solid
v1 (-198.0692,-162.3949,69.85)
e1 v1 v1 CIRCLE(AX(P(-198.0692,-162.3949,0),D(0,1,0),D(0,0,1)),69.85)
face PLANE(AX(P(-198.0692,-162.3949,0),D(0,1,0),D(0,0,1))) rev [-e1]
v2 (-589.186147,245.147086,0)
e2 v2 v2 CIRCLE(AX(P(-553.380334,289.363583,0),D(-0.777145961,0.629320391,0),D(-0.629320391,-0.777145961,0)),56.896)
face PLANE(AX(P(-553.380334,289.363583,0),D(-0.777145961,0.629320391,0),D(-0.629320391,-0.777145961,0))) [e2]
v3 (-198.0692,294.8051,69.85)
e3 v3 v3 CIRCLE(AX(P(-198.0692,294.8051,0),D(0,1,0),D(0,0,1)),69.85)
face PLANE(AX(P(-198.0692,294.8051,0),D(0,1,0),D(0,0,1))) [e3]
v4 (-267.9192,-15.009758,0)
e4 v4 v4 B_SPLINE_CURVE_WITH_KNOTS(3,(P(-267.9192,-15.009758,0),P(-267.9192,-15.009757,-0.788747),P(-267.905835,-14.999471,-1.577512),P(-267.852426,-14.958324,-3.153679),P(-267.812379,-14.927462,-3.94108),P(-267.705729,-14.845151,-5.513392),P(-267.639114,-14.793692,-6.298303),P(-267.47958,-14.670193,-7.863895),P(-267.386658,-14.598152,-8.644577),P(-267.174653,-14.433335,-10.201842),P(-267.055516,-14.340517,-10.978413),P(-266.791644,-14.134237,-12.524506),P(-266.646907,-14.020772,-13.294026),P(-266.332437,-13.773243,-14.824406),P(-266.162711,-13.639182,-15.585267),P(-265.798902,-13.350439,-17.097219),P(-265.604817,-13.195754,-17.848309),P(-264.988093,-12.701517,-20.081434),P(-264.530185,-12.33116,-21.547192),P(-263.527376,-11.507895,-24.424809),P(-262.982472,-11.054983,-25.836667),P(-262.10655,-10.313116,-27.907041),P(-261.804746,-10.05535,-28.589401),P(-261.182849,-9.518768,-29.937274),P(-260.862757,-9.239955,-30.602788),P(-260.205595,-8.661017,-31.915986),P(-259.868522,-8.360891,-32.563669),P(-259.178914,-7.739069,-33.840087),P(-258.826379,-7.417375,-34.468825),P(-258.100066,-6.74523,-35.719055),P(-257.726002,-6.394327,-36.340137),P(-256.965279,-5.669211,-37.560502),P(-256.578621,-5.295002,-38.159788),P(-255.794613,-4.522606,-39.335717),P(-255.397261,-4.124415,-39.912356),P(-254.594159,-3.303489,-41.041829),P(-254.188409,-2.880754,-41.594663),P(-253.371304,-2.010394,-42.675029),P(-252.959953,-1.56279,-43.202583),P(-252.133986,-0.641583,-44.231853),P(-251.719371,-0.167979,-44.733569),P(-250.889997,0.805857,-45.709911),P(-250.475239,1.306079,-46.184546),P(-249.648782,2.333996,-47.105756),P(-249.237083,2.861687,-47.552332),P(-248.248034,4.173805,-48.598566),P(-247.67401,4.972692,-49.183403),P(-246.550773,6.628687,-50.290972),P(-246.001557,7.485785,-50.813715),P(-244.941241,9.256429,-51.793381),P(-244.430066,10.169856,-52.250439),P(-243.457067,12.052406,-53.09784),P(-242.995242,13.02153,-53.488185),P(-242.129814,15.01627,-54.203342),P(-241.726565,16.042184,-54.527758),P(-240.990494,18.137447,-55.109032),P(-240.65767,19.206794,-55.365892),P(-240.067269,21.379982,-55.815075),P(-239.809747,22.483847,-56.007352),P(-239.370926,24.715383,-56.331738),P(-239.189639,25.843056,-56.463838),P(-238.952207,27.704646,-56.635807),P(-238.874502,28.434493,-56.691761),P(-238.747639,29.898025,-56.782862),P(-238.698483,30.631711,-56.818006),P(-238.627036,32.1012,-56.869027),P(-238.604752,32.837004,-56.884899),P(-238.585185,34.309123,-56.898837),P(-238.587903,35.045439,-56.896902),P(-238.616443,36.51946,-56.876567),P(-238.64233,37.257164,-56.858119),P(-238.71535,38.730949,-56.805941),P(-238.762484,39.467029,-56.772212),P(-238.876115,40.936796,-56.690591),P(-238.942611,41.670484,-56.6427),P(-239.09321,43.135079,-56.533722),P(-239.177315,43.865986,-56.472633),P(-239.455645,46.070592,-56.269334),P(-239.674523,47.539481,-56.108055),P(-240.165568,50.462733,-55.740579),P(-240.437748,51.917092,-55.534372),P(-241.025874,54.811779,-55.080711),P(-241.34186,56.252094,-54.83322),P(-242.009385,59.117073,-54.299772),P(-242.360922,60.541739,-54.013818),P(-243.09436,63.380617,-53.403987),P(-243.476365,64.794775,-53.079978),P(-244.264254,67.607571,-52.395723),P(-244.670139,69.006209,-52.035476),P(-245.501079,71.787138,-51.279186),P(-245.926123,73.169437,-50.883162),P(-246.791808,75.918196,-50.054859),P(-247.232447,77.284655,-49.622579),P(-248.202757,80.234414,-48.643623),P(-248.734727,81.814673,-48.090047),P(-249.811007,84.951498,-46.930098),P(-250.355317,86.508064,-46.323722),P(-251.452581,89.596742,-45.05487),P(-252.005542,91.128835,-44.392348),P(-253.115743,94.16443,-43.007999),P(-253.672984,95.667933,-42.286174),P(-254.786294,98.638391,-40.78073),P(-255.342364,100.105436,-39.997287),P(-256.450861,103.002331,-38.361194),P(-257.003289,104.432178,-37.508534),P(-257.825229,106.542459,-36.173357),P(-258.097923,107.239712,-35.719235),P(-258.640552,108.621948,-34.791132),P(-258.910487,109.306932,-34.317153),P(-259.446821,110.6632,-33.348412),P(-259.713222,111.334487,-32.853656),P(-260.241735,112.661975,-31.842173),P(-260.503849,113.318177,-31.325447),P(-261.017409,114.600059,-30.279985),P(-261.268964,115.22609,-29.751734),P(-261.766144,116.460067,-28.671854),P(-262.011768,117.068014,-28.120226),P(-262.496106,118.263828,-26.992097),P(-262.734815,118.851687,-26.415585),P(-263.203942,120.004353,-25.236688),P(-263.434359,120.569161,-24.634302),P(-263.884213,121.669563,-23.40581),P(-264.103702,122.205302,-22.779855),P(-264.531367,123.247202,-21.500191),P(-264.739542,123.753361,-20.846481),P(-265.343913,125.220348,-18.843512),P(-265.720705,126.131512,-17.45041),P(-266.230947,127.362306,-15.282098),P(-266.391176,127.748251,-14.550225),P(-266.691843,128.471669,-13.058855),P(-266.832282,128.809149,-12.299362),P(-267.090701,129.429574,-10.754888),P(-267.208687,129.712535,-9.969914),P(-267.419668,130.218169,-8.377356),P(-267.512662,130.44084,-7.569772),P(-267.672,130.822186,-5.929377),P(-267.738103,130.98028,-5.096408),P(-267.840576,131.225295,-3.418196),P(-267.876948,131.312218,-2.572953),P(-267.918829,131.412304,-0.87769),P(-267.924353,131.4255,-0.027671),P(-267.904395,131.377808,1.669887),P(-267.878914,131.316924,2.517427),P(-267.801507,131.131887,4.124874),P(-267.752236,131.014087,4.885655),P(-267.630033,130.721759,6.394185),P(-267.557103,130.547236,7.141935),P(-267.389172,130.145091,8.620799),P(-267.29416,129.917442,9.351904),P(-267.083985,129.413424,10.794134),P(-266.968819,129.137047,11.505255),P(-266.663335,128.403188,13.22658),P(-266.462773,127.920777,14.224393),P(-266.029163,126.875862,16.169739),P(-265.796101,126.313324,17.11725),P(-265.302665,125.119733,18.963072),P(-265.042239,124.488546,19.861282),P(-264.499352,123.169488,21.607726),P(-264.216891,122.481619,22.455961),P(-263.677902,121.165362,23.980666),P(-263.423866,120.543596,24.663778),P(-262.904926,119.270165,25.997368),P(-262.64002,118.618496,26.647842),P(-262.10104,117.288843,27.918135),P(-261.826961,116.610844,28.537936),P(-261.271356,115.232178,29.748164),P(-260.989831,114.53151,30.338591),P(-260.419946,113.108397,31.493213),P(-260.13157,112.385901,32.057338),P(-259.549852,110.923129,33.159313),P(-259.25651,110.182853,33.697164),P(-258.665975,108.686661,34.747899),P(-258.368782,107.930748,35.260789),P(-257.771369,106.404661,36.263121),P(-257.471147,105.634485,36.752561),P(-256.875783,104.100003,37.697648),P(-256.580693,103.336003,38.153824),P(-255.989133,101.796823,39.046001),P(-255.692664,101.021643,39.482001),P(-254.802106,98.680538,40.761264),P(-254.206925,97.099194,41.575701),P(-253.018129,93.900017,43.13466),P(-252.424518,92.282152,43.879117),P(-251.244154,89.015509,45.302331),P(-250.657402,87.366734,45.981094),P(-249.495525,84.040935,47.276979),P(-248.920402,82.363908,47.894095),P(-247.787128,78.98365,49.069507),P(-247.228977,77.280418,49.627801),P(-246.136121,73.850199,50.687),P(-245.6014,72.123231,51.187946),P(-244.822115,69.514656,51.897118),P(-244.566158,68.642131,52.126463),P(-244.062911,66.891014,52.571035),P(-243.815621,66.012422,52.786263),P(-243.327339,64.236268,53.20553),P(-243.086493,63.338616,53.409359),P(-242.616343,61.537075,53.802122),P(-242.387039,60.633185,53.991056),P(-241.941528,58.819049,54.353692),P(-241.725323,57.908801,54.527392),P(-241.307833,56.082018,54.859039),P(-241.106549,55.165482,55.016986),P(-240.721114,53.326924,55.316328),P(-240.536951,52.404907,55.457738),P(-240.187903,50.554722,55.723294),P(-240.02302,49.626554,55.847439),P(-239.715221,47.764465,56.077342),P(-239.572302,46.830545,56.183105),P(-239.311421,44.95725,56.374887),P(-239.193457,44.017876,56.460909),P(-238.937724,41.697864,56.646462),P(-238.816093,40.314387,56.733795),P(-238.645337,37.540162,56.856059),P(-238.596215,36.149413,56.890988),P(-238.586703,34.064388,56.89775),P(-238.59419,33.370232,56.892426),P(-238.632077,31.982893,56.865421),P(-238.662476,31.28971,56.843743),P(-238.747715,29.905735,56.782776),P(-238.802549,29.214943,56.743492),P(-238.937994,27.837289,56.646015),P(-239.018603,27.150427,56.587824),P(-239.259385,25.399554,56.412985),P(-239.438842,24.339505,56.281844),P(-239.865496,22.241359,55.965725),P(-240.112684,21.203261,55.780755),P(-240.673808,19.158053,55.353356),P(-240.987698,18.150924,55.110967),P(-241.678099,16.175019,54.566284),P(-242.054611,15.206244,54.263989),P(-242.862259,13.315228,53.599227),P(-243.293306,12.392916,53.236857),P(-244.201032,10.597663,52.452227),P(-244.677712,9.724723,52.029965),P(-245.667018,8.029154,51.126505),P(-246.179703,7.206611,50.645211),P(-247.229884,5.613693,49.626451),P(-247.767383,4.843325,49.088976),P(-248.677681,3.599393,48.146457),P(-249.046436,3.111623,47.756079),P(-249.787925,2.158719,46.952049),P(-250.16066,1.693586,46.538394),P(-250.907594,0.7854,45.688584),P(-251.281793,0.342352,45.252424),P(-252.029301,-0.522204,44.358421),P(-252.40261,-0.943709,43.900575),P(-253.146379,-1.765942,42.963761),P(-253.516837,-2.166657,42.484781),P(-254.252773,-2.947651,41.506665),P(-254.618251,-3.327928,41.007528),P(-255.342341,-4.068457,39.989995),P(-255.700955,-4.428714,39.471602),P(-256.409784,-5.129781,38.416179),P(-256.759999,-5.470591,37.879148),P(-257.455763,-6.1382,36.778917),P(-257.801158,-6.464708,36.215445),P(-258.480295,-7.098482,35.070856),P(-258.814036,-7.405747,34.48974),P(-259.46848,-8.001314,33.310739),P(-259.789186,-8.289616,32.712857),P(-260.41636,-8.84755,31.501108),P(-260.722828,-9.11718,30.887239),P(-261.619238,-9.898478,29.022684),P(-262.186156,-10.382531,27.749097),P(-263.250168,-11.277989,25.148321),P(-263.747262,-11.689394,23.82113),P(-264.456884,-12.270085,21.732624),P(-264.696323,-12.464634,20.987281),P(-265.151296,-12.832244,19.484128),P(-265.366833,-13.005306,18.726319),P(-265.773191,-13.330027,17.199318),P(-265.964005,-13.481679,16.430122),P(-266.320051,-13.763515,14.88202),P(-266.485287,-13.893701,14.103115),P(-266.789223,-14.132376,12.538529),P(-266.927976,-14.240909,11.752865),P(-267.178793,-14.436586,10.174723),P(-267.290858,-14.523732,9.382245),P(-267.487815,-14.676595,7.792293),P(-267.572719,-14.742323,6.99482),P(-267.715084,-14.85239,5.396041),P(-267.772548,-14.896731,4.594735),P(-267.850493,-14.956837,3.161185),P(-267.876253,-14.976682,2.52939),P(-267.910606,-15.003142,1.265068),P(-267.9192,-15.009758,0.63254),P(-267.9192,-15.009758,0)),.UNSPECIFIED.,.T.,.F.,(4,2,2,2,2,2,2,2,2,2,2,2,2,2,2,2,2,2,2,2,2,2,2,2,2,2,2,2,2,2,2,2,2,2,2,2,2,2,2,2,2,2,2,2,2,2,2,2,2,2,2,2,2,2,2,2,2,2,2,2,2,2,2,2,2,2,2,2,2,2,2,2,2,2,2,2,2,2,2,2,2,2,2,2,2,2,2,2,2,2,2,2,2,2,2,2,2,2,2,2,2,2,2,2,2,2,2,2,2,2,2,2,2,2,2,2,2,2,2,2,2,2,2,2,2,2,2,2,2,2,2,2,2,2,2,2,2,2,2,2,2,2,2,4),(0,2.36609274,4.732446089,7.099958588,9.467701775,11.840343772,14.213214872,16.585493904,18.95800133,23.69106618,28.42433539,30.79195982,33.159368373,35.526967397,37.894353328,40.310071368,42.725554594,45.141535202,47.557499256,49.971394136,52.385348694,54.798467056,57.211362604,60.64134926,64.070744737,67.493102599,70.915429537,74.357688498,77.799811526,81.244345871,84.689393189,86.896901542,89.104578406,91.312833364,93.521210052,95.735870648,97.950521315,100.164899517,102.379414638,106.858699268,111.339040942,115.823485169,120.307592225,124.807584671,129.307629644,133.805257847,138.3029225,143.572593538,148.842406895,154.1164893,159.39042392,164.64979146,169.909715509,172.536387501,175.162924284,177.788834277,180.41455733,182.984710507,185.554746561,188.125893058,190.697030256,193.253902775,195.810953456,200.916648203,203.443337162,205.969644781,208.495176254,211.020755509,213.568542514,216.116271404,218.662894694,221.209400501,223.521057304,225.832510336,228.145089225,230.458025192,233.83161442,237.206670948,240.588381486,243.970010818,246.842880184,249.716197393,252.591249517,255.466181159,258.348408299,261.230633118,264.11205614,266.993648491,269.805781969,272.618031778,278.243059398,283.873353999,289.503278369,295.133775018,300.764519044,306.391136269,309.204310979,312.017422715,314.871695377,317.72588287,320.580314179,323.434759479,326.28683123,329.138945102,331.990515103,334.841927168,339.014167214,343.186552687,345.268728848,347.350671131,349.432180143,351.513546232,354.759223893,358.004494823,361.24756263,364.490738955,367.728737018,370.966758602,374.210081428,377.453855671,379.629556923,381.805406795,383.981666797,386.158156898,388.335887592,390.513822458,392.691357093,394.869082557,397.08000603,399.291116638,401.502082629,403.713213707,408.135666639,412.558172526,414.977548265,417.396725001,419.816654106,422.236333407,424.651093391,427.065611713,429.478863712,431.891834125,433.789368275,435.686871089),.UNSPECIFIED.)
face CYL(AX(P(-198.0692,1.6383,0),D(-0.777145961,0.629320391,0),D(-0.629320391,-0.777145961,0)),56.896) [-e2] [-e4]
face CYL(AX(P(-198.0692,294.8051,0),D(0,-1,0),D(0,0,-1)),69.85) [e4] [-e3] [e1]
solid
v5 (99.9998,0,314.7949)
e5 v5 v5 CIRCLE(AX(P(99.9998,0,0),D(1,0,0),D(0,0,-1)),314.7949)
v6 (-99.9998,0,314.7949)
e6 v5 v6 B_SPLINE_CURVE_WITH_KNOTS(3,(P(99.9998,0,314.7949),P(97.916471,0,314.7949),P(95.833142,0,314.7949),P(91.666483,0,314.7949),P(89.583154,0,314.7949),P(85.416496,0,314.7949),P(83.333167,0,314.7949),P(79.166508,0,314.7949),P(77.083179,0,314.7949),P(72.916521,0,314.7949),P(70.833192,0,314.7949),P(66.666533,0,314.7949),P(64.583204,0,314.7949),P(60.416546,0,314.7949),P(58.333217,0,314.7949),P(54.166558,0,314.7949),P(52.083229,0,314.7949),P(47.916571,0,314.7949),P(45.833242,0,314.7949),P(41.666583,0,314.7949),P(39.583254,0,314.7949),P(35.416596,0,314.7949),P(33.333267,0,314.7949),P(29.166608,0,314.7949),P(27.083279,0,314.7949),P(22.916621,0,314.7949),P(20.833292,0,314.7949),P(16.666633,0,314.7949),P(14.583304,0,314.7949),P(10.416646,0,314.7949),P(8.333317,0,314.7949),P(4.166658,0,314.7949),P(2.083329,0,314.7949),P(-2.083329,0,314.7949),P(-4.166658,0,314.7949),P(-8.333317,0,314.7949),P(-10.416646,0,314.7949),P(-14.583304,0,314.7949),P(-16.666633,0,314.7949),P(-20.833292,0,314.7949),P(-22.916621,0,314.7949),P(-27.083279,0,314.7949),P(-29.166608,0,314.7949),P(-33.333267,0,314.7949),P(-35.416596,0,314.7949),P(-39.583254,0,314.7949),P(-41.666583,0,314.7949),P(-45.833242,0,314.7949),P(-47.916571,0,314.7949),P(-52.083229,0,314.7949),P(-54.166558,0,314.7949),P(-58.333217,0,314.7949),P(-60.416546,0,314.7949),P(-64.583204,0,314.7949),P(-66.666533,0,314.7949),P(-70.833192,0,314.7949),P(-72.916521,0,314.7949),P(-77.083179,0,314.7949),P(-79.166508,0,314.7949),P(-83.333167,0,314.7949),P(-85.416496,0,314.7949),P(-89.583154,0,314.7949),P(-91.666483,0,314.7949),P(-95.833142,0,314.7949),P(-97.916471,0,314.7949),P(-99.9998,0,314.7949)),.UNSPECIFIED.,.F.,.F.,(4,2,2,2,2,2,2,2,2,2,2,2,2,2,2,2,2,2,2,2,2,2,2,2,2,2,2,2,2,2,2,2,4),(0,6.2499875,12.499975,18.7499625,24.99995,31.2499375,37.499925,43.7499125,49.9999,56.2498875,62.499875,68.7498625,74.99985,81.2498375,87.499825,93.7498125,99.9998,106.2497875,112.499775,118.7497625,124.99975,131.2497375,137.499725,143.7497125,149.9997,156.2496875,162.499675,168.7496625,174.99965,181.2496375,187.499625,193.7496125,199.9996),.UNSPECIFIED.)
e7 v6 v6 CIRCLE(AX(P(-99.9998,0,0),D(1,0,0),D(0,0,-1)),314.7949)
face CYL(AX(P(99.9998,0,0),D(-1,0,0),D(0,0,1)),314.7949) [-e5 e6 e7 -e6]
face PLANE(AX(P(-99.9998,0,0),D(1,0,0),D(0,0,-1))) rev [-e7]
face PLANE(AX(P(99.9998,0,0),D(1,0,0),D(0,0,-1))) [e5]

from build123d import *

# Parameters (mm, degrees)
SKETCH1_R           = 314.7949
BOSS_EXTRUDE1_DEPTH = 99.9998
BOSS_EXTRUDE2_START = 152.4
SKETCH2_R           = 69.85
BOSS_EXTRUDE2_DEPTH = 457.2
SKETCH4_R           = 56.896


with BuildPart() as part:
    # Sketch1 → Boss-Extrude1 (new, symmetric)
    with BuildSketch(Plane(origin=(0, 0, 0), x_dir=(0, 0, -1), z_dir=(1, 0, 0))):
        with Locations(Location((0, 0, 0), (0, 0, 180))):
            Circle(SKETCH1_R)
    extrude(amount=BOSS_EXTRUDE1_DEPTH, both=True)


with BuildPart() as body_2:
    # Sketch2 → Boss-Extrude2 (new body)
    with BuildSketch(Plane(origin=(0, -314.7949, 0), x_dir=(1, 0, 0), z_dir=(0, 1, 0)).offset(BOSS_EXTRUDE2_START)):
        with Locations(Location((-198.0692, 0, 0), (0, 0, 270))):
            Circle(SKETCH2_R)
    extrude(amount=BOSS_EXTRUDE2_DEPTH)

    # Sweep1: sweep along a path in Sketch3
    with BuildLine(Plane.XY) as sweep1_path:
        Line((-198.0692, 1.6383), (-553.380333578, 289.363582788))
    # Sketch4 → Sweep1 (sweep)
    with BuildSketch(Plane(origin=(-553.380333578, 289.363582788, 0), x_dir=(0, 0, 1), z_dir=(-0.7771459614569677, 0.6293203910498415, 0))):
        Circle(SKETCH4_R)
    sweep(path=sweep1_path.line)


solid = Compound([part.part, body_2.part])
